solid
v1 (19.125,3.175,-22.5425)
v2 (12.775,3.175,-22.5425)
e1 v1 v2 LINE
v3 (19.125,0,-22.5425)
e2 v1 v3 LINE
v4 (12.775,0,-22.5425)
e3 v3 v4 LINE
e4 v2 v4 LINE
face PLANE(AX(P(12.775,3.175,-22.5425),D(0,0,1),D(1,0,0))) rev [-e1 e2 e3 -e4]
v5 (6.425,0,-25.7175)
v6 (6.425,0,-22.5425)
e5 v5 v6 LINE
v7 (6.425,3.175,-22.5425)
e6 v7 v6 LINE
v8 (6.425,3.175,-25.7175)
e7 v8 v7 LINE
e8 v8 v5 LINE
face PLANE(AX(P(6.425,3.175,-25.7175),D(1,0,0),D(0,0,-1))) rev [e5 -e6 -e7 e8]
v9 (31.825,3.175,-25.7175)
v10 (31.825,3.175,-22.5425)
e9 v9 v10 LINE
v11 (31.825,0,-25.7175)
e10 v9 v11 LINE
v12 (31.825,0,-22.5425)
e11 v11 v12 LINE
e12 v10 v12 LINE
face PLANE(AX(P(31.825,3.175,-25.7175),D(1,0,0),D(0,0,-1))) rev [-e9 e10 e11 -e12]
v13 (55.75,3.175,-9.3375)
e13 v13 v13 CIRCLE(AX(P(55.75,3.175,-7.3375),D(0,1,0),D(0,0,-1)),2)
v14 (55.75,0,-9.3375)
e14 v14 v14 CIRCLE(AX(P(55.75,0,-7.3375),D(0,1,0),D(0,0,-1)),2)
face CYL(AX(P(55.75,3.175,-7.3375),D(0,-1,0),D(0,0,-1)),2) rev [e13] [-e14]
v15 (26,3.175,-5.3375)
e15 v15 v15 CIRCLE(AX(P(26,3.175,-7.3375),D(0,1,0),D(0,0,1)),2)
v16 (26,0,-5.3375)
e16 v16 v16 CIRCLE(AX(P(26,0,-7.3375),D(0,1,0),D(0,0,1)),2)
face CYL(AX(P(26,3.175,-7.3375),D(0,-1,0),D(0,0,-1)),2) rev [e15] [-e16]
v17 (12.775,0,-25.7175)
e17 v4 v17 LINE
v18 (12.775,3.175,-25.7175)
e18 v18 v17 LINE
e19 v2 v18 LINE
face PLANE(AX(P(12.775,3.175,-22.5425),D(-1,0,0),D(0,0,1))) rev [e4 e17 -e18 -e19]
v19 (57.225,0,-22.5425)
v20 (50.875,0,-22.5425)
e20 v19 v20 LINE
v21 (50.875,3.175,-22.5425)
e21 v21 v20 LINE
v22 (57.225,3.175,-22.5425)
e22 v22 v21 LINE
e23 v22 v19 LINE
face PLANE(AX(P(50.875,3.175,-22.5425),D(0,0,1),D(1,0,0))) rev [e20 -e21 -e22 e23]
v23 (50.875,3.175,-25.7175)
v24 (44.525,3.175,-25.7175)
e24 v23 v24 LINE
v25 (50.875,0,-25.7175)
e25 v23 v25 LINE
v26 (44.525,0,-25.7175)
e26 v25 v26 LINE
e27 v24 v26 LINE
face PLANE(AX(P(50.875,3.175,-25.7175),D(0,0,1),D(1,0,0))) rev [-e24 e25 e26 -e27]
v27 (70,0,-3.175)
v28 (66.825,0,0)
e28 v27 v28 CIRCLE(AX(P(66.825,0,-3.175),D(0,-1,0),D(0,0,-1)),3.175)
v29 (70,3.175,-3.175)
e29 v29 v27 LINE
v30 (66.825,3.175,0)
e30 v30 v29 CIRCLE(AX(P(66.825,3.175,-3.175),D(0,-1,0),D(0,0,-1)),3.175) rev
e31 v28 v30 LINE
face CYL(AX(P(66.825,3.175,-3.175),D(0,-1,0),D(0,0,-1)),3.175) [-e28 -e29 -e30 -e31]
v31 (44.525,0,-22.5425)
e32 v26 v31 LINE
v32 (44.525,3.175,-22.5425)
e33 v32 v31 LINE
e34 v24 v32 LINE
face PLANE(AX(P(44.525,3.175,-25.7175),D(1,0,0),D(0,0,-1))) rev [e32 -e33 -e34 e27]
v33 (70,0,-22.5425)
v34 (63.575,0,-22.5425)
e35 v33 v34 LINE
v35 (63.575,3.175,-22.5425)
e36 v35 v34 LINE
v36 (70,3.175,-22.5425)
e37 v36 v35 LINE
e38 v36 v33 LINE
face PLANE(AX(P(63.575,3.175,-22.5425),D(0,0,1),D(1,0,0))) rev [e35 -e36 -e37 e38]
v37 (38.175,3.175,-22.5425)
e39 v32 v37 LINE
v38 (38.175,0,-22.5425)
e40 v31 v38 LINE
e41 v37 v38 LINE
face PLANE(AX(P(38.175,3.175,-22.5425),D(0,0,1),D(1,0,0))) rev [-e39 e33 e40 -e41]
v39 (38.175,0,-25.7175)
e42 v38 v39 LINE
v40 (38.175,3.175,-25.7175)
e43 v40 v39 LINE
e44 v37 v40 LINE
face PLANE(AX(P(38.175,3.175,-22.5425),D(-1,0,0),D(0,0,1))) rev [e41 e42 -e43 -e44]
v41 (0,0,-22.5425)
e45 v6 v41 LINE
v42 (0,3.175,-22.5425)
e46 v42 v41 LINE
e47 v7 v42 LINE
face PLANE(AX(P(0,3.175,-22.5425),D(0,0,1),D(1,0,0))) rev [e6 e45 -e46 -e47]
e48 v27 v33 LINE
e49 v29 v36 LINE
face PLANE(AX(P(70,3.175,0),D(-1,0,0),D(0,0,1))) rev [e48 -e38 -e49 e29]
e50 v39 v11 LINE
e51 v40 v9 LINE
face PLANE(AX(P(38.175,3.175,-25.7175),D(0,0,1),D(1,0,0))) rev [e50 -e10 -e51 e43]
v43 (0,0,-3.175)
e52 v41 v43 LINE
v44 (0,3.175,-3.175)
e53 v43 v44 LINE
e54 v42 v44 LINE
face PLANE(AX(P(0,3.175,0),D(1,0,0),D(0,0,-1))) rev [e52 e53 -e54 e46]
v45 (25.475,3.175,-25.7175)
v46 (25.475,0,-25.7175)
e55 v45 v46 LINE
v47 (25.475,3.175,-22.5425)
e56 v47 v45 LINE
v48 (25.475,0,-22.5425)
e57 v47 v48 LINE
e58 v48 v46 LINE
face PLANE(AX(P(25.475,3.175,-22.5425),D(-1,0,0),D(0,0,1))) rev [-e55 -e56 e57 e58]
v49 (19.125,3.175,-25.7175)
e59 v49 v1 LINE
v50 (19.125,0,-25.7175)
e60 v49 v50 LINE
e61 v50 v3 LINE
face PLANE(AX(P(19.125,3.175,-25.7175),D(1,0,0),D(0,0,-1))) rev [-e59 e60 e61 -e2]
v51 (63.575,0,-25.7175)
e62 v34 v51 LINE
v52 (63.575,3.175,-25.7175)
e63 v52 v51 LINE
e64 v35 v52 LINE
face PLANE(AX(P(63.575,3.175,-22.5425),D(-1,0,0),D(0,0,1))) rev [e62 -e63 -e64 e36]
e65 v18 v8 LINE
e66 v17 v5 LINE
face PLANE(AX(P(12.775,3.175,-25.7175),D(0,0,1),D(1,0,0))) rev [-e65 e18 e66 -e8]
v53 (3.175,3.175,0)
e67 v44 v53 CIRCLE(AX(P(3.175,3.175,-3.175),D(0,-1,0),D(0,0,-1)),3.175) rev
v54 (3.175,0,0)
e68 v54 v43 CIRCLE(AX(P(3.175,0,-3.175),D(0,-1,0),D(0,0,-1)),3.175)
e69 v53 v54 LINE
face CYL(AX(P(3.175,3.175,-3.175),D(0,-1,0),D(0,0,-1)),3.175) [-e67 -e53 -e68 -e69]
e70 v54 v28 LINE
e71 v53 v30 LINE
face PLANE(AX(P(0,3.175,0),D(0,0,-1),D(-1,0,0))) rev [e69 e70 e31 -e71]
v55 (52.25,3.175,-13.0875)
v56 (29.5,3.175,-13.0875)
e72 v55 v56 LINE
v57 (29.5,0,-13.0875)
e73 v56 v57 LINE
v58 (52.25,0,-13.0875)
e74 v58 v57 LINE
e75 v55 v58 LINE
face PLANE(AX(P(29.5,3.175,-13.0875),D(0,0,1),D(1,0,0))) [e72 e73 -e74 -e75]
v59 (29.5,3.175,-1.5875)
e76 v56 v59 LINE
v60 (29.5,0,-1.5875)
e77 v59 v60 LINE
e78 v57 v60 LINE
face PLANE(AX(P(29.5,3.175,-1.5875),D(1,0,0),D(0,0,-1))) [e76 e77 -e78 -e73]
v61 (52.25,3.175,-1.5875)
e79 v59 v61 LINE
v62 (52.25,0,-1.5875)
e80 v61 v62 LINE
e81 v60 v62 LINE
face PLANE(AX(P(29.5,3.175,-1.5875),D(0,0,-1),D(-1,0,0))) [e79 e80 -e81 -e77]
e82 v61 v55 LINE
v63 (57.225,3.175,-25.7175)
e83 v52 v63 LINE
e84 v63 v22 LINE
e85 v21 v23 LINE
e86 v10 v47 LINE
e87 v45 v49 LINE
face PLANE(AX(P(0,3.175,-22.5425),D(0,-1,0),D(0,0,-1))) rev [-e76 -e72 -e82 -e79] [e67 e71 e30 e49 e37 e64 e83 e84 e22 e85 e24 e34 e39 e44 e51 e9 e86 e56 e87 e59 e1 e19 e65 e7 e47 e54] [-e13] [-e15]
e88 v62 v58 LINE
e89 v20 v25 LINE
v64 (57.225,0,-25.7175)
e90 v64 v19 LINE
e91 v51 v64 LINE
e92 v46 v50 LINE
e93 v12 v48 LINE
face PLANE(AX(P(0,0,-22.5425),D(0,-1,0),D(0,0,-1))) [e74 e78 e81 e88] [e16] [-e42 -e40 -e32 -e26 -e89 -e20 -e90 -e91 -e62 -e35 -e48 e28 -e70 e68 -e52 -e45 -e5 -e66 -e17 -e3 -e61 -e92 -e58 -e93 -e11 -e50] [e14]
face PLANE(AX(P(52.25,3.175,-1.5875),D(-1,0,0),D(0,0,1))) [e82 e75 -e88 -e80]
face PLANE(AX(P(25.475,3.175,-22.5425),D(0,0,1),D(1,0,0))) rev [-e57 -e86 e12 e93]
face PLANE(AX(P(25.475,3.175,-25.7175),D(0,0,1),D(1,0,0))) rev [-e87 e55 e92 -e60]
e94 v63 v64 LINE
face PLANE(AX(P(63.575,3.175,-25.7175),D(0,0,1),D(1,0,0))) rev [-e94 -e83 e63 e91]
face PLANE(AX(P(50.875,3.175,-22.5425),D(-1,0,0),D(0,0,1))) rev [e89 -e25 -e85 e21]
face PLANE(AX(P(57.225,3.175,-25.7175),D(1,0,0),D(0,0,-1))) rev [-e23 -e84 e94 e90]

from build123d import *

# Parameters (mm, degrees)
SKETCH1_R           = 2
SKETCH1_W           = 22.75
SKETCH1_H           = 11.5
BOSS_EXTRUDE1_DEPTH = 3.175
FILLET1_R           = 3.175


with BuildPart() as part:
    # Sketch1 → Boss-Extrude1 (new body)
    with BuildSketch(Plane(origin=(0, 0, 0), x_dir=(1, 0, 0), z_dir=(0, 1, 0))):
        Polygon((0, 0), (70, 0), (70, 22.5425), (63.575, 22.5425), (63.575, 25.7175), (57.225, 25.7175), (57.225, 22.5425), (50.875, 22.5425), (50.875, 25.7175), (44.525, 25.7175), (44.525, 22.5425), (38.175, 22.5425), (38.175, 25.7175), (31.825, 25.7175), (31.825, 22.5425), (25.475, 22.5425), (25.475, 25.7175), (19.125, 25.7175), (19.125, 22.5425), (12.775, 22.5425), (12.775, 25.7175), (6.425, 25.7175), (6.425, 22.5425), (0, 22.5425), align=None)
        with Locations(Location((26, 7.3375, 0), (0, 0, 270))):
            Circle(SKETCH1_R, mode=Mode.SUBTRACT)
        with Locations(Location((55.75, 7.3375, 0), (0, 0, 90))):
            Circle(SKETCH1_R, mode=Mode.SUBTRACT)
        with Locations((40.875, 7.3375)):
            Rectangle(SKETCH1_W, SKETCH1_H, mode=Mode.SUBTRACT)
    extrude(amount=BOSS_EXTRUDE1_DEPTH)

    # Fillet1
    fillet1_edges = [part.edges().sort_by_distance(p)[0] for p in [
        (70, 1.5875, 0),
        (0, 1.5875, 0),
    ]]
    fillet(fillet1_edges, radius=FILLET1_R)


solid = part.part
